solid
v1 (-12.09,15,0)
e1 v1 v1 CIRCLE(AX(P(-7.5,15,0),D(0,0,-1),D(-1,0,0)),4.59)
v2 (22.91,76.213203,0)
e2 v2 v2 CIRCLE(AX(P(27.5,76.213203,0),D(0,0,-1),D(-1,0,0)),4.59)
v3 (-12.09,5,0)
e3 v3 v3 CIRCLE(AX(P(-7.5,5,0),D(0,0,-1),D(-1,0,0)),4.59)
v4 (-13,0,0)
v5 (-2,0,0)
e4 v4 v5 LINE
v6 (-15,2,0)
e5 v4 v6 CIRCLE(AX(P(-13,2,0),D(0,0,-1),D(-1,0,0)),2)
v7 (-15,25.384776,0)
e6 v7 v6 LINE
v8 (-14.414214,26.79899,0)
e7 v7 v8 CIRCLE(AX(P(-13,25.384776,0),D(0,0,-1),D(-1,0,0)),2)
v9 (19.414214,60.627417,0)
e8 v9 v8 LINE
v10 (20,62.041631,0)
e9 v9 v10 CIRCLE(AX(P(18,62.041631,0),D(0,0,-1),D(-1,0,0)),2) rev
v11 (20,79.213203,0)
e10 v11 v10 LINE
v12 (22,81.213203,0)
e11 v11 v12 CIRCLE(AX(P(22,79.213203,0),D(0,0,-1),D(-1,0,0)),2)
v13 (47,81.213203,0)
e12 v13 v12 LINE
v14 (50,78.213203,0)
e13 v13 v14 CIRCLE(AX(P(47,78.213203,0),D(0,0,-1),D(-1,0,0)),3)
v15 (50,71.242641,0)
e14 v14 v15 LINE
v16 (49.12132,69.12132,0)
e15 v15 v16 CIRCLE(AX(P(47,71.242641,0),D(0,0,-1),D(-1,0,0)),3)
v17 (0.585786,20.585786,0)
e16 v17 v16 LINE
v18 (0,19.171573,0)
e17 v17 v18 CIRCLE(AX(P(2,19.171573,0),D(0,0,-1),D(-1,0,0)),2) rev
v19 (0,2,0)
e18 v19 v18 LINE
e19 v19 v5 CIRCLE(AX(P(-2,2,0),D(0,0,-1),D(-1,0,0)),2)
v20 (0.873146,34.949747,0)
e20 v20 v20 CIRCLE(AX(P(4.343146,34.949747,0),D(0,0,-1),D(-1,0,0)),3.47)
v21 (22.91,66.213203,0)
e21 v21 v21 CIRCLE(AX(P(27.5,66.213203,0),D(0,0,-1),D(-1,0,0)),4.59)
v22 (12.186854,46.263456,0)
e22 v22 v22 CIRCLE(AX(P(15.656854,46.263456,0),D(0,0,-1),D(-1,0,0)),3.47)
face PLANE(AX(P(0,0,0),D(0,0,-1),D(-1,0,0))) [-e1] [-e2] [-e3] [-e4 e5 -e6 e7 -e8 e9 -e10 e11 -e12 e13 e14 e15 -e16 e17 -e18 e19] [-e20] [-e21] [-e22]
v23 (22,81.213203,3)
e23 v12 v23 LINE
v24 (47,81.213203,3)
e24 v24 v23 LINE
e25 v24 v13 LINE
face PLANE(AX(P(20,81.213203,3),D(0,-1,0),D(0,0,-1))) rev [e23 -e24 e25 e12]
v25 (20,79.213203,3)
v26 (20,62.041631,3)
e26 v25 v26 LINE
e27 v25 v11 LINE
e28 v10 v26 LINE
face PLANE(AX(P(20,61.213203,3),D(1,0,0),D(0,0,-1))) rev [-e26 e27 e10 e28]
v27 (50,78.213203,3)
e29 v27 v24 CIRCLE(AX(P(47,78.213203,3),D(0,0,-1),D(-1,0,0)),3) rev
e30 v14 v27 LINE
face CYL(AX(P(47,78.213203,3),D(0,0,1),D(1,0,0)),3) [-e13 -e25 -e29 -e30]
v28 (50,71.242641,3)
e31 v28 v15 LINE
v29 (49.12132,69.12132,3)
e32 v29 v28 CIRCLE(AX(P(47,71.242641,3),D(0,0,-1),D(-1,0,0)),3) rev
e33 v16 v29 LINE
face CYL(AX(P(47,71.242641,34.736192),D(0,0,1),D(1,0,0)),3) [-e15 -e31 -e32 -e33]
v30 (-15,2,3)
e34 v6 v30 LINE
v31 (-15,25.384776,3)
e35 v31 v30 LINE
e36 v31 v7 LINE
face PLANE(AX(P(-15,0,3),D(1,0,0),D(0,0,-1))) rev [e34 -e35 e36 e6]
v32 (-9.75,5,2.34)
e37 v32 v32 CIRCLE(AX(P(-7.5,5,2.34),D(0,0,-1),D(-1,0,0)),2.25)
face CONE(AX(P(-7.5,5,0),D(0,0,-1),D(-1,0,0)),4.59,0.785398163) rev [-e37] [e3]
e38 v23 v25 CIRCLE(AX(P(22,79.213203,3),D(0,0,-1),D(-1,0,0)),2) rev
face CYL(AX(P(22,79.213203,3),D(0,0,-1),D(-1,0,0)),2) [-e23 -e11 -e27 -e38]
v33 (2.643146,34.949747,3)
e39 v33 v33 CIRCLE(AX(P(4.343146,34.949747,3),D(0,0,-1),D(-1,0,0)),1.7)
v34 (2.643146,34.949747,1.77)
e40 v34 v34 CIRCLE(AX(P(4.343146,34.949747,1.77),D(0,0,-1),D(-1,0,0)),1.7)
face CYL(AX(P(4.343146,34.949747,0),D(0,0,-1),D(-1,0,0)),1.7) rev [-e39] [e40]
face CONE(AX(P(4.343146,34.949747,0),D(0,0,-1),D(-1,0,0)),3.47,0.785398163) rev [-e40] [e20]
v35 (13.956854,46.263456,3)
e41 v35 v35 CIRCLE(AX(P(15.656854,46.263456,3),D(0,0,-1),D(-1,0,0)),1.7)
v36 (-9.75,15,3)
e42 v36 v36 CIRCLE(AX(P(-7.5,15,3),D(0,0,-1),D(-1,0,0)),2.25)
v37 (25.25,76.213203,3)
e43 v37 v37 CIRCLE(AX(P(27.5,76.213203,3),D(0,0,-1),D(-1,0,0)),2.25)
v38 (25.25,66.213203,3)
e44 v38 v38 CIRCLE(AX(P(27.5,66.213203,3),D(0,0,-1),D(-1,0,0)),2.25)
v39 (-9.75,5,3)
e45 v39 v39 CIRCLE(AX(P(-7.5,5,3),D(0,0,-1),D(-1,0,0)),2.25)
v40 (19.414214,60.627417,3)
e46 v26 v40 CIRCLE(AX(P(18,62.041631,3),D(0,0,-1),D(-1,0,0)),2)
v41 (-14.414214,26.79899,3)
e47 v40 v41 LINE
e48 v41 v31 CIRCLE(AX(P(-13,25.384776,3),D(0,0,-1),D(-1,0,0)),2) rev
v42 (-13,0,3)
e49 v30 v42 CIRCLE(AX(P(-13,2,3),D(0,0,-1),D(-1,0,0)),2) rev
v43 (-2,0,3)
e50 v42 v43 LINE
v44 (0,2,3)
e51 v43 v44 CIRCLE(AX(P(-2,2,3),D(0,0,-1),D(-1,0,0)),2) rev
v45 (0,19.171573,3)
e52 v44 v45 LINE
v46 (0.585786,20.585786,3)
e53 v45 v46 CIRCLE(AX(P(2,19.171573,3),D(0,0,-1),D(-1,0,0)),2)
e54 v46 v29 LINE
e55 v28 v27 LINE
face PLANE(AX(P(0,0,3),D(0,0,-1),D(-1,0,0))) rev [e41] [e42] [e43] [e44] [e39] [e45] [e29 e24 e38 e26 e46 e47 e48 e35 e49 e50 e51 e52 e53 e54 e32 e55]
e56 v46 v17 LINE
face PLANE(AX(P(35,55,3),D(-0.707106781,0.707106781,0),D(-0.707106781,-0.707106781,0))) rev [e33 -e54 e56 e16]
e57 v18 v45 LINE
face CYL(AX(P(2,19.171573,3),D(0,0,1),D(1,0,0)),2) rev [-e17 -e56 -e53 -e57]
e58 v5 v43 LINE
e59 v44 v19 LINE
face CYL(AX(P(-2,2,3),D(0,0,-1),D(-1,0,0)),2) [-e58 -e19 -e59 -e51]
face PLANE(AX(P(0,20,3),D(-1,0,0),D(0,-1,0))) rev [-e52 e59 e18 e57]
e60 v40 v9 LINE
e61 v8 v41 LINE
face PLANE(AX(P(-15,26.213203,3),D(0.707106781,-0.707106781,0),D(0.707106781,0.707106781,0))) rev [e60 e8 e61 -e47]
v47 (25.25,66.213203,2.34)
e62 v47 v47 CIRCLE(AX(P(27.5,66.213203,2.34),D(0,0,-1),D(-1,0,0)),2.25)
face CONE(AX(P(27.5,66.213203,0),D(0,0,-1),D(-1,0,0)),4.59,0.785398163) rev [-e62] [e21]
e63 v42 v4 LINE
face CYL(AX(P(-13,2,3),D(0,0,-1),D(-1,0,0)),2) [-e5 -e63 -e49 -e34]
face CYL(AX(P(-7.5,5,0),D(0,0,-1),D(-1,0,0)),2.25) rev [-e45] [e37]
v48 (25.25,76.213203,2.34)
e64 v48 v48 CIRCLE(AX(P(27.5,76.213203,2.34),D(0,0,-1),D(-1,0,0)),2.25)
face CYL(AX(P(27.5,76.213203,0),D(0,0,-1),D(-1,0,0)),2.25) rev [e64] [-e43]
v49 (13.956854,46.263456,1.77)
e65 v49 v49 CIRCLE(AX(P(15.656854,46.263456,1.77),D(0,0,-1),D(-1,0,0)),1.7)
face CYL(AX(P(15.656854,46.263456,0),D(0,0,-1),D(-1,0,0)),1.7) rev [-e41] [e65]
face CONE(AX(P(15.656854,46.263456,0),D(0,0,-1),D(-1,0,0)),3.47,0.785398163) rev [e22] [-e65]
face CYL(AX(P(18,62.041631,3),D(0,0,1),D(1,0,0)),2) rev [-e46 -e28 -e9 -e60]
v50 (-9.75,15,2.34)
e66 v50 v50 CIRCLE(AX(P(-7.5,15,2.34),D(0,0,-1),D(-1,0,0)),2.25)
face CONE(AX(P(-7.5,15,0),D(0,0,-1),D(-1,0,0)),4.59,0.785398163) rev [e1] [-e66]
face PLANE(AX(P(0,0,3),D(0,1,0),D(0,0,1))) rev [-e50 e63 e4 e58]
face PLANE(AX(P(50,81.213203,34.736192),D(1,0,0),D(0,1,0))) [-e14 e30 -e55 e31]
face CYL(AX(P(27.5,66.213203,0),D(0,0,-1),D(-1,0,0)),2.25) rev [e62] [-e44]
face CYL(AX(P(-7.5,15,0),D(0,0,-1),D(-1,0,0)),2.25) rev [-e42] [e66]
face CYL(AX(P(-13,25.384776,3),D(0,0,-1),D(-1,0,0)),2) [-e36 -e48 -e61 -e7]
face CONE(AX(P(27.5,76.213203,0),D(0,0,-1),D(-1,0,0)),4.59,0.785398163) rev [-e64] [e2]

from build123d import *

# Parameters (mm, degrees)
EXTRUDE_1_DEPTH              = 3
FILLET_1_R                   = 2
HOLE_WIZARD_M4_1_D           = 4.5
HOLE_WIZARD_M4_1_DEPTH       = 24.5
HOLE_WIZARD_M4_1_CSINK_D     = 9.18
HOLE_WIZARD_M4_1_CSINK_ANGLE = 90
HOLE_WIZARD_M4_1_TIP         = 1.351936393
HOLE_WIZARD_M3_1_D           = 3.4
HOLE_WIZARD_M3_1_DEPTH       = 24.5
HOLE_WIZARD_M3_1_CSINK_D     = 6.94
HOLE_WIZARD_M3_1_CSINK_ANGLE = 90
HOLE_WIZARD_M3_1_TIP         = 1.021463052
EXTRUDE_START                = -3
EXTRUDE_2_DEPTH              = 3
FILLET_2_R                   = 3


with BuildPart() as part:
    # 草图1 → 凸台-拉伸1 (new body)
    with BuildSketch(Plane.XY):
        Polygon((0, 0), (-15, 0), (-15, 26.213203436), (20, 61.213203436), (20, 81.213203436), (35, 81.213203436), (35, 55), (0, 20), align=None)
    extrude(amount=EXTRUDE_1_DEPTH)

    # 圆角1
    fillet_1_edges = [part.edges().sort_by_distance(p)[0] for p in [
        (0, 0, 1.5),
        (-15, 0, 1.5),
        (-15, 26.213203436, 1.5),
        (20, 61.213203436, 1.5),
        (20, 81.213203436, 1.5),
        (35, 81.213203436, 1.5),
        (35, 55, 1.5),
        (0, 20, 1.5),
    ]]
    fillet(fillet_1_edges, radius=FILLET_1_R)

    # M4 六角凹锥坑头螺钉的锥形沉头孔1
    with Locations(Plane(origin=(27.5, 76.213203436, 0), x_dir=(-1, 0, 0), z_dir=(0, 0, -1))):
        with Locations((0, 0), (0, -10), (35, -61.213203436), (35, -71.213203436)):
            CounterSinkHole(HOLE_WIZARD_M4_1_D / 2, HOLE_WIZARD_M4_1_CSINK_D / 2, depth=HOLE_WIZARD_M4_1_DEPTH, counter_sink_angle=HOLE_WIZARD_M4_1_CSINK_ANGLE)
            with Locations((0, 0, -(HOLE_WIZARD_M4_1_DEPTH + HOLE_WIZARD_M4_1_TIP / 2))):  # 118° drill point
                Cone(0, HOLE_WIZARD_M4_1_D / 2, HOLE_WIZARD_M4_1_TIP, mode=Mode.SUBTRACT)

    # M3 六角凹锥坑头螺钉的锥形沉头孔1
    with Locations(Plane(origin=(15.656854249, 46.263455967, 0), x_dir=(-1, 0, 0), z_dir=(0, 0, -1))):
        with Locations((0, 0), (11.313708498, -11.313708499)):
            CounterSinkHole(HOLE_WIZARD_M3_1_D / 2, HOLE_WIZARD_M3_1_CSINK_D / 2, depth=HOLE_WIZARD_M3_1_DEPTH, counter_sink_angle=HOLE_WIZARD_M3_1_CSINK_ANGLE)
            with Locations((0, 0, -(HOLE_WIZARD_M3_1_DEPTH + HOLE_WIZARD_M3_1_TIP / 2))):  # 118° drill point
                Cone(0, HOLE_WIZARD_M3_1_D / 2, HOLE_WIZARD_M3_1_TIP, mode=Mode.SUBTRACT)

    # 草图5 → 凸台-拉伸2 (add)
    with BuildSketch(Plane(origin=(0, 0, 0), x_dir=(-1, 0, 0), z_dir=(0, 0, -1)).offset(EXTRUDE_START)):
        with BuildLine():
            Line((-33, 81.213203436), (-50, 81.213203436))
            Line((-50, 81.213203436), (-50, 70))
            Line((-50, 70), (-34.414213562, 54.414213562))
            ThreePointArc((-34.414213562, 54.414213562), (-34.847759065, 55.06306026), (-35, 55.828427125))
            Line((-35, 55.828427125), (-35, 79.213203436))
            ThreePointArc((-35, 79.213203436), (-34.414213562, 80.627416998), (-33, 81.213203436))
        make_face()
    extrude(amount=EXTRUDE_2_DEPTH)

    # 圆角2
    fillet_2_edges = [part.edges().sort_by_distance(p)[0] for p in [
        (50, 70, 1.5),
        (50, 81.213203436, 1.5),
    ]]
    fillet(fillet_2_edges, radius=FILLET_2_R)


solid = part.part
